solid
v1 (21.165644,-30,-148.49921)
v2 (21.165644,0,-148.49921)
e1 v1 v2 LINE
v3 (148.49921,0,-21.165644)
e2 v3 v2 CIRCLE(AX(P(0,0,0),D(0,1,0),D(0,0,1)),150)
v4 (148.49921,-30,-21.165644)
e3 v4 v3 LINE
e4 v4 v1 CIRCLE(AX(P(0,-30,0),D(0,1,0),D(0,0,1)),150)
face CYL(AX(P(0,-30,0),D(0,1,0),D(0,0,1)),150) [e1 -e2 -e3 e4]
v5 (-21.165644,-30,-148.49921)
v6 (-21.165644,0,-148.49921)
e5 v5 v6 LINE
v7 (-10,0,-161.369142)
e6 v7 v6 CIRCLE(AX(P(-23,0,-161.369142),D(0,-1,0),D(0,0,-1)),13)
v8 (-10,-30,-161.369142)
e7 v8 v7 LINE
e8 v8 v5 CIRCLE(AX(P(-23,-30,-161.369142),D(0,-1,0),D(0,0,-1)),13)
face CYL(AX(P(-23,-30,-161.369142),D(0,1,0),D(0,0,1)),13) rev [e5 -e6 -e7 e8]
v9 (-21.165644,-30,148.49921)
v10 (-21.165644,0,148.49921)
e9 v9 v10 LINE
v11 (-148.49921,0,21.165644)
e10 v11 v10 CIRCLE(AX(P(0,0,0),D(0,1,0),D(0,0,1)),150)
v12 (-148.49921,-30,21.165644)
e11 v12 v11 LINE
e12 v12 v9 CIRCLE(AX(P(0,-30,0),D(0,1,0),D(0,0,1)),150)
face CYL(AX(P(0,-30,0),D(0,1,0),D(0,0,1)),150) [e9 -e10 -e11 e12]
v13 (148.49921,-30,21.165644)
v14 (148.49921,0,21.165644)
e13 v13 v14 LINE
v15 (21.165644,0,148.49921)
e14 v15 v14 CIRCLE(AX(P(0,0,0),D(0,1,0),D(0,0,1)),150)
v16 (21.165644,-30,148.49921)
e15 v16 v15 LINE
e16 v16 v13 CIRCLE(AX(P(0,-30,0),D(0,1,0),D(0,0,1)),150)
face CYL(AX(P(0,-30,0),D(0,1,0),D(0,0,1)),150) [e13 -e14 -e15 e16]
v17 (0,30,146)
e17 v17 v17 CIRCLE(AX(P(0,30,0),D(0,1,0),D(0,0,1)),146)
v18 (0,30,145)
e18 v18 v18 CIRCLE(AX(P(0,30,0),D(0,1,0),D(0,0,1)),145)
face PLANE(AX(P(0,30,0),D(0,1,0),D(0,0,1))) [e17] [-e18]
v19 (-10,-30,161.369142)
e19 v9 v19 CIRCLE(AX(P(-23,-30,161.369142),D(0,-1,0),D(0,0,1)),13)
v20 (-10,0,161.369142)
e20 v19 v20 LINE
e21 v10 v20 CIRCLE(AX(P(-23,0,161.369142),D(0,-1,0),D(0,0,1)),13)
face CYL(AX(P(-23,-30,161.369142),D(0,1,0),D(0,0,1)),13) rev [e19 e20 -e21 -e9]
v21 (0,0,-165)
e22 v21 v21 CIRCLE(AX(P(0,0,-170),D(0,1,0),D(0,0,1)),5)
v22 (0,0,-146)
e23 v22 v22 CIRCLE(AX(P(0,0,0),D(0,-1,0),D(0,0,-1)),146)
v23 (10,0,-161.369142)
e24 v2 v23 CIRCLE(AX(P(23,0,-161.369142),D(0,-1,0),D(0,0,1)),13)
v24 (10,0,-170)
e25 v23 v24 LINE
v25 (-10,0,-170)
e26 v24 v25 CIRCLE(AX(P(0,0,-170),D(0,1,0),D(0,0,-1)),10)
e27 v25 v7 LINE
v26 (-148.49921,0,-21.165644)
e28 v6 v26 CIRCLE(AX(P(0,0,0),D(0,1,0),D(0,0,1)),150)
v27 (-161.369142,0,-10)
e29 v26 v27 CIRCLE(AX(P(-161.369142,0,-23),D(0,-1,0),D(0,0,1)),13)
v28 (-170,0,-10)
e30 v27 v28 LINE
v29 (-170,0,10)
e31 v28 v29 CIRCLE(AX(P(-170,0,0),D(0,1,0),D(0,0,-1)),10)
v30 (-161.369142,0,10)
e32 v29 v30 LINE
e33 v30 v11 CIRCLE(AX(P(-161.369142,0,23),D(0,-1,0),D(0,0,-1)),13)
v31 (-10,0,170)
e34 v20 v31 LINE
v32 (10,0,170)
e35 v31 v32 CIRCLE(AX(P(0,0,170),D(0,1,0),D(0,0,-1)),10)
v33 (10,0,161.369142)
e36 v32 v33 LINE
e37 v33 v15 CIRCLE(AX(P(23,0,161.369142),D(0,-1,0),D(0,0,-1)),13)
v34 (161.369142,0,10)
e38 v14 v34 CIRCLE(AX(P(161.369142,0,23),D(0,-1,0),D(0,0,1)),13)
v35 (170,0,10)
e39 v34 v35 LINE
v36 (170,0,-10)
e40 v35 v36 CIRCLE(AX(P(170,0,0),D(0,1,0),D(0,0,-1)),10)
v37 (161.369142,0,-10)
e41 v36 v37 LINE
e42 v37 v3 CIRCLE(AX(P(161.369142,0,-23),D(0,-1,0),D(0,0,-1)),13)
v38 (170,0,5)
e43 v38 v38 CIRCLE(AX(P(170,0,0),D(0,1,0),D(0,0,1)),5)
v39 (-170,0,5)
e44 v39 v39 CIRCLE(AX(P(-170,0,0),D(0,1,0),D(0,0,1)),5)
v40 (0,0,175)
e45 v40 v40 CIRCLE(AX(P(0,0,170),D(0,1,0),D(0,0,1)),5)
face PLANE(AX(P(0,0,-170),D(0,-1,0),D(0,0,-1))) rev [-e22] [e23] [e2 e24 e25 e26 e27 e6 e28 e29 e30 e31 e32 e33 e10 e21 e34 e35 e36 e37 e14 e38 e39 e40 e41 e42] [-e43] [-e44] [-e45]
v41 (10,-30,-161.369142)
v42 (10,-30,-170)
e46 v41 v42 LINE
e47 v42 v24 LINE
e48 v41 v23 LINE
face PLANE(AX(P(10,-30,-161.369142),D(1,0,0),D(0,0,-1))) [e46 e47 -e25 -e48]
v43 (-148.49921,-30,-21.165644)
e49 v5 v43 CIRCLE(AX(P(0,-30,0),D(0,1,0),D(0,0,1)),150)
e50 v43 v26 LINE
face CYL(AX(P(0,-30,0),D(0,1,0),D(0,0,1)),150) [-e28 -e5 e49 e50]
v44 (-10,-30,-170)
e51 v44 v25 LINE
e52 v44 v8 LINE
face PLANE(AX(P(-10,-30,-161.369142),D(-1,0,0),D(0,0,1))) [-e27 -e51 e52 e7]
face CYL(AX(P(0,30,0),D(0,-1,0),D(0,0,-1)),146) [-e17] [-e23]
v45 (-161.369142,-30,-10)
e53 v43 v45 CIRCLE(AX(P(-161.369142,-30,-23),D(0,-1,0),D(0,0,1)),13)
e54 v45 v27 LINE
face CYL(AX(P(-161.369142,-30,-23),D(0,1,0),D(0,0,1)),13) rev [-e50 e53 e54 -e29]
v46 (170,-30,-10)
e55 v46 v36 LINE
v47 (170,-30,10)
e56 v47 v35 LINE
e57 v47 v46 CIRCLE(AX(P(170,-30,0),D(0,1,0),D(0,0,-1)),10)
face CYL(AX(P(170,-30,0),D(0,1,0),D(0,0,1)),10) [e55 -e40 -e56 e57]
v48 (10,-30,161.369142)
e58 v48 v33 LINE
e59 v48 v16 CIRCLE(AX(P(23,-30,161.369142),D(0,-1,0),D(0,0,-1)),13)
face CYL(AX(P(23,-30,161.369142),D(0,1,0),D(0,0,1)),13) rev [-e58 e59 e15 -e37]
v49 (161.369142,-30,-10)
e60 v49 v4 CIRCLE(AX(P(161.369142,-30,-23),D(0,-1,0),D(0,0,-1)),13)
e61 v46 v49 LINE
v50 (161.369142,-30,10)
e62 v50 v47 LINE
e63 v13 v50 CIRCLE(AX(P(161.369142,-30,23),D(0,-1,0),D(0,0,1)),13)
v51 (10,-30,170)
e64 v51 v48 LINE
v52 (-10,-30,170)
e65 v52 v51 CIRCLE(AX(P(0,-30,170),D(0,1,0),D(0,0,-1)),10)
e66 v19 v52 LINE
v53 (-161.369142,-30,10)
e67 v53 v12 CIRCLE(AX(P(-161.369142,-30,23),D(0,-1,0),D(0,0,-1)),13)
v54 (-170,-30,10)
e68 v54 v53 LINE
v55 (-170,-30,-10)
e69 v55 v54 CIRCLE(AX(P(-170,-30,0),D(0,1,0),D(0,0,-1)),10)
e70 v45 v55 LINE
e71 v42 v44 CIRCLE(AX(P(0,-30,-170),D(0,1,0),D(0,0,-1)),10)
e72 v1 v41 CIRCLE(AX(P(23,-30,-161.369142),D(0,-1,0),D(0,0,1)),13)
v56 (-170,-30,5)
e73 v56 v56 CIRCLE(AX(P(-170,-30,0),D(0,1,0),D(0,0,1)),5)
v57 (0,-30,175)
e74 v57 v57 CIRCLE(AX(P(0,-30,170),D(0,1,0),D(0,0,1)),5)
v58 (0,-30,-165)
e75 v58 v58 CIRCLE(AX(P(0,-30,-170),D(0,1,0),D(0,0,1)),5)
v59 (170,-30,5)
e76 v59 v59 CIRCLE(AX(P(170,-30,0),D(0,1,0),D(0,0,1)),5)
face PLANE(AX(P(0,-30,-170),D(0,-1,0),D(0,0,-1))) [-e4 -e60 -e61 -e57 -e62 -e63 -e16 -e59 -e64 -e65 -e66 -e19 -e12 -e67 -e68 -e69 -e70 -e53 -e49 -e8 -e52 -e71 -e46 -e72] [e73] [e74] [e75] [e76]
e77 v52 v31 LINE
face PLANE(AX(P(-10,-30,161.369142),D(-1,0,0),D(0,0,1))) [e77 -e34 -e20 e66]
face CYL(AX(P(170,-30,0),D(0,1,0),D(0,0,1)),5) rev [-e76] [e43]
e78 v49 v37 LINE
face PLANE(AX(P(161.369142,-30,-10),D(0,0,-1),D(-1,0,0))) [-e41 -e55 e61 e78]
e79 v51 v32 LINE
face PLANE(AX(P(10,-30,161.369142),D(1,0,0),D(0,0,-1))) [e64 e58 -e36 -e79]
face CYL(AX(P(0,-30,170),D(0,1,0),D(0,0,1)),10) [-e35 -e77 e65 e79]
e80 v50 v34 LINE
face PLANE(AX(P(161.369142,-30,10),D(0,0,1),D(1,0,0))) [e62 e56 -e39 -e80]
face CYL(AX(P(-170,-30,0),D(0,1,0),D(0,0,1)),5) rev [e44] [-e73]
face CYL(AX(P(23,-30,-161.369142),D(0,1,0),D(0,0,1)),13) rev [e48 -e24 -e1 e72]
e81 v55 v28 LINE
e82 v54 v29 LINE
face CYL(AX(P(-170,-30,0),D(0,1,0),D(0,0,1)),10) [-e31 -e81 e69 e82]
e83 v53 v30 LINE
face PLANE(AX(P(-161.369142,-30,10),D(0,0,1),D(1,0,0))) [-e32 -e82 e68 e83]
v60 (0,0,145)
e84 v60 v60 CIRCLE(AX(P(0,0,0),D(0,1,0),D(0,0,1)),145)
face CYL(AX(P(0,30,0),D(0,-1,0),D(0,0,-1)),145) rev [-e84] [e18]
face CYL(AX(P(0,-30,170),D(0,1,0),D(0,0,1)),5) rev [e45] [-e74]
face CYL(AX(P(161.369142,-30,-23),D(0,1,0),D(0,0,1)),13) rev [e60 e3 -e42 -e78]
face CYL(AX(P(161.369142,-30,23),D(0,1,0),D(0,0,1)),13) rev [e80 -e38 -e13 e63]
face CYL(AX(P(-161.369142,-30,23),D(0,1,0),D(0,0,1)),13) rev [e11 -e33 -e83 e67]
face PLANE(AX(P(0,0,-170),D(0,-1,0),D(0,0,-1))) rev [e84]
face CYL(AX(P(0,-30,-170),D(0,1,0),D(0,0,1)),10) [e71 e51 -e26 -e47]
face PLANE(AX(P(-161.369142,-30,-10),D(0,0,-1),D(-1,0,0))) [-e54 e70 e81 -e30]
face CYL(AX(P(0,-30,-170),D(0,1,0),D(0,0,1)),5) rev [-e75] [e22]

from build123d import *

# Parameters (mm, degrees)
SKETCH2_R           = 146
SKETCH2_R_2         = 145
BOSS_EXTRUDE2_DEPTH = 30
SKETCH3_R           = 5
BOSS_EXTRUDE4_DEPTH = 30


with BuildPart() as part:
    # Sketch2 → Boss-Extrude2 (new body)
    with BuildSketch(Plane(origin=(0, 0, 0), x_dir=(1, 0, 0), z_dir=(0, 1, 0))):
        Circle(SKETCH2_R)
        Circle(SKETCH2_R_2, mode=Mode.SUBTRACT)
    extrude(amount=BOSS_EXTRUDE2_DEPTH)

    # Sketch3 → Boss-Extrude4 (add)
    with BuildSketch(Plane(origin=(0, 0, 0), x_dir=(1, 0, 0), z_dir=(0, 1, 0))):
        with BuildLine():
            Line((161.369142032, 10), (170, 10))
            ThreePointArc((170, 10), (180, 0), (170, -10))
            Line((170, -10), (161.369142032, -10))
            ThreePointArc((161.369142032, -10), (152.849946816, -13.180462695), (148.499210458, -21.165644172))
            ThreePointArc((148.499210458, -21.165644172), (106.066017178, -106.066017178), (21.165644172, -148.499210458))
            ThreePointArc((21.165644172, -148.499210458), (13.180462695, -152.849946816), (10, -161.369142032))
            Line((10, -161.369142032), (10, -170))
            ThreePointArc((10, -170), (0, -180), (-10, -170))
            Line((-10, -170), (-10, -161.369142032))
            ThreePointArc((-10, -161.369142032), (-13.180462695, -152.849946816), (-21.165644172, -148.499210458))
            ThreePointArc((-21.165644172, -148.499210458), (-106.066017178, -106.066017178), (-148.499210458, -21.165644172))
            ThreePointArc((-148.499210458, -21.165644172), (-152.849946816, -13.180462695), (-161.369142032, -10))
            Line((-161.369142032, -10), (-170, -10))
            ThreePointArc((-170, -10), (-180, 0), (-170, 10))
            Line((-170, 10), (-161.369142032, 10))
            ThreePointArc((-161.369142032, 10), (-152.849946816, 13.180462695), (-148.499210458, 21.165644172))
            ThreePointArc((-148.499210458, 21.165644172), (-106.066017178, 106.066017178), (-21.165644172, 148.499210458))
            ThreePointArc((-21.165644172, 148.499210458), (-13.180462695, 152.849946816), (-10, 161.369142032))
            Line((-10, 161.369142032), (-10, 170))
            ThreePointArc((-10, 170), (0, 180), (10, 170))
            Line((10, 170), (10, 161.369142032))
            ThreePointArc((10, 161.369142032), (13.180462695, 152.849946816), (21.165644172, 148.499210458))
            ThreePointArc((21.165644172, 148.499210458), (106.066017178, 106.066017178), (148.499210458, 21.165644172))
            ThreePointArc((148.499210458, 21.165644172), (152.849946816, 13.180462695), (161.369142032, 10))
        make_face()
        with Locations((0, 170)):
            Circle(SKETCH3_R, mode=Mode.SUBTRACT)
        with Locations((170, 0)):
            Circle(SKETCH3_R, mode=Mode.SUBTRACT)
        with Locations((0, -170)):
            Circle(SKETCH3_R, mode=Mode.SUBTRACT)
        with Locations((-170, 0)):
            Circle(SKETCH3_R, mode=Mode.SUBTRACT)
    extrude(amount=-BOSS_EXTRUDE4_DEPTH)


solid = part.part
